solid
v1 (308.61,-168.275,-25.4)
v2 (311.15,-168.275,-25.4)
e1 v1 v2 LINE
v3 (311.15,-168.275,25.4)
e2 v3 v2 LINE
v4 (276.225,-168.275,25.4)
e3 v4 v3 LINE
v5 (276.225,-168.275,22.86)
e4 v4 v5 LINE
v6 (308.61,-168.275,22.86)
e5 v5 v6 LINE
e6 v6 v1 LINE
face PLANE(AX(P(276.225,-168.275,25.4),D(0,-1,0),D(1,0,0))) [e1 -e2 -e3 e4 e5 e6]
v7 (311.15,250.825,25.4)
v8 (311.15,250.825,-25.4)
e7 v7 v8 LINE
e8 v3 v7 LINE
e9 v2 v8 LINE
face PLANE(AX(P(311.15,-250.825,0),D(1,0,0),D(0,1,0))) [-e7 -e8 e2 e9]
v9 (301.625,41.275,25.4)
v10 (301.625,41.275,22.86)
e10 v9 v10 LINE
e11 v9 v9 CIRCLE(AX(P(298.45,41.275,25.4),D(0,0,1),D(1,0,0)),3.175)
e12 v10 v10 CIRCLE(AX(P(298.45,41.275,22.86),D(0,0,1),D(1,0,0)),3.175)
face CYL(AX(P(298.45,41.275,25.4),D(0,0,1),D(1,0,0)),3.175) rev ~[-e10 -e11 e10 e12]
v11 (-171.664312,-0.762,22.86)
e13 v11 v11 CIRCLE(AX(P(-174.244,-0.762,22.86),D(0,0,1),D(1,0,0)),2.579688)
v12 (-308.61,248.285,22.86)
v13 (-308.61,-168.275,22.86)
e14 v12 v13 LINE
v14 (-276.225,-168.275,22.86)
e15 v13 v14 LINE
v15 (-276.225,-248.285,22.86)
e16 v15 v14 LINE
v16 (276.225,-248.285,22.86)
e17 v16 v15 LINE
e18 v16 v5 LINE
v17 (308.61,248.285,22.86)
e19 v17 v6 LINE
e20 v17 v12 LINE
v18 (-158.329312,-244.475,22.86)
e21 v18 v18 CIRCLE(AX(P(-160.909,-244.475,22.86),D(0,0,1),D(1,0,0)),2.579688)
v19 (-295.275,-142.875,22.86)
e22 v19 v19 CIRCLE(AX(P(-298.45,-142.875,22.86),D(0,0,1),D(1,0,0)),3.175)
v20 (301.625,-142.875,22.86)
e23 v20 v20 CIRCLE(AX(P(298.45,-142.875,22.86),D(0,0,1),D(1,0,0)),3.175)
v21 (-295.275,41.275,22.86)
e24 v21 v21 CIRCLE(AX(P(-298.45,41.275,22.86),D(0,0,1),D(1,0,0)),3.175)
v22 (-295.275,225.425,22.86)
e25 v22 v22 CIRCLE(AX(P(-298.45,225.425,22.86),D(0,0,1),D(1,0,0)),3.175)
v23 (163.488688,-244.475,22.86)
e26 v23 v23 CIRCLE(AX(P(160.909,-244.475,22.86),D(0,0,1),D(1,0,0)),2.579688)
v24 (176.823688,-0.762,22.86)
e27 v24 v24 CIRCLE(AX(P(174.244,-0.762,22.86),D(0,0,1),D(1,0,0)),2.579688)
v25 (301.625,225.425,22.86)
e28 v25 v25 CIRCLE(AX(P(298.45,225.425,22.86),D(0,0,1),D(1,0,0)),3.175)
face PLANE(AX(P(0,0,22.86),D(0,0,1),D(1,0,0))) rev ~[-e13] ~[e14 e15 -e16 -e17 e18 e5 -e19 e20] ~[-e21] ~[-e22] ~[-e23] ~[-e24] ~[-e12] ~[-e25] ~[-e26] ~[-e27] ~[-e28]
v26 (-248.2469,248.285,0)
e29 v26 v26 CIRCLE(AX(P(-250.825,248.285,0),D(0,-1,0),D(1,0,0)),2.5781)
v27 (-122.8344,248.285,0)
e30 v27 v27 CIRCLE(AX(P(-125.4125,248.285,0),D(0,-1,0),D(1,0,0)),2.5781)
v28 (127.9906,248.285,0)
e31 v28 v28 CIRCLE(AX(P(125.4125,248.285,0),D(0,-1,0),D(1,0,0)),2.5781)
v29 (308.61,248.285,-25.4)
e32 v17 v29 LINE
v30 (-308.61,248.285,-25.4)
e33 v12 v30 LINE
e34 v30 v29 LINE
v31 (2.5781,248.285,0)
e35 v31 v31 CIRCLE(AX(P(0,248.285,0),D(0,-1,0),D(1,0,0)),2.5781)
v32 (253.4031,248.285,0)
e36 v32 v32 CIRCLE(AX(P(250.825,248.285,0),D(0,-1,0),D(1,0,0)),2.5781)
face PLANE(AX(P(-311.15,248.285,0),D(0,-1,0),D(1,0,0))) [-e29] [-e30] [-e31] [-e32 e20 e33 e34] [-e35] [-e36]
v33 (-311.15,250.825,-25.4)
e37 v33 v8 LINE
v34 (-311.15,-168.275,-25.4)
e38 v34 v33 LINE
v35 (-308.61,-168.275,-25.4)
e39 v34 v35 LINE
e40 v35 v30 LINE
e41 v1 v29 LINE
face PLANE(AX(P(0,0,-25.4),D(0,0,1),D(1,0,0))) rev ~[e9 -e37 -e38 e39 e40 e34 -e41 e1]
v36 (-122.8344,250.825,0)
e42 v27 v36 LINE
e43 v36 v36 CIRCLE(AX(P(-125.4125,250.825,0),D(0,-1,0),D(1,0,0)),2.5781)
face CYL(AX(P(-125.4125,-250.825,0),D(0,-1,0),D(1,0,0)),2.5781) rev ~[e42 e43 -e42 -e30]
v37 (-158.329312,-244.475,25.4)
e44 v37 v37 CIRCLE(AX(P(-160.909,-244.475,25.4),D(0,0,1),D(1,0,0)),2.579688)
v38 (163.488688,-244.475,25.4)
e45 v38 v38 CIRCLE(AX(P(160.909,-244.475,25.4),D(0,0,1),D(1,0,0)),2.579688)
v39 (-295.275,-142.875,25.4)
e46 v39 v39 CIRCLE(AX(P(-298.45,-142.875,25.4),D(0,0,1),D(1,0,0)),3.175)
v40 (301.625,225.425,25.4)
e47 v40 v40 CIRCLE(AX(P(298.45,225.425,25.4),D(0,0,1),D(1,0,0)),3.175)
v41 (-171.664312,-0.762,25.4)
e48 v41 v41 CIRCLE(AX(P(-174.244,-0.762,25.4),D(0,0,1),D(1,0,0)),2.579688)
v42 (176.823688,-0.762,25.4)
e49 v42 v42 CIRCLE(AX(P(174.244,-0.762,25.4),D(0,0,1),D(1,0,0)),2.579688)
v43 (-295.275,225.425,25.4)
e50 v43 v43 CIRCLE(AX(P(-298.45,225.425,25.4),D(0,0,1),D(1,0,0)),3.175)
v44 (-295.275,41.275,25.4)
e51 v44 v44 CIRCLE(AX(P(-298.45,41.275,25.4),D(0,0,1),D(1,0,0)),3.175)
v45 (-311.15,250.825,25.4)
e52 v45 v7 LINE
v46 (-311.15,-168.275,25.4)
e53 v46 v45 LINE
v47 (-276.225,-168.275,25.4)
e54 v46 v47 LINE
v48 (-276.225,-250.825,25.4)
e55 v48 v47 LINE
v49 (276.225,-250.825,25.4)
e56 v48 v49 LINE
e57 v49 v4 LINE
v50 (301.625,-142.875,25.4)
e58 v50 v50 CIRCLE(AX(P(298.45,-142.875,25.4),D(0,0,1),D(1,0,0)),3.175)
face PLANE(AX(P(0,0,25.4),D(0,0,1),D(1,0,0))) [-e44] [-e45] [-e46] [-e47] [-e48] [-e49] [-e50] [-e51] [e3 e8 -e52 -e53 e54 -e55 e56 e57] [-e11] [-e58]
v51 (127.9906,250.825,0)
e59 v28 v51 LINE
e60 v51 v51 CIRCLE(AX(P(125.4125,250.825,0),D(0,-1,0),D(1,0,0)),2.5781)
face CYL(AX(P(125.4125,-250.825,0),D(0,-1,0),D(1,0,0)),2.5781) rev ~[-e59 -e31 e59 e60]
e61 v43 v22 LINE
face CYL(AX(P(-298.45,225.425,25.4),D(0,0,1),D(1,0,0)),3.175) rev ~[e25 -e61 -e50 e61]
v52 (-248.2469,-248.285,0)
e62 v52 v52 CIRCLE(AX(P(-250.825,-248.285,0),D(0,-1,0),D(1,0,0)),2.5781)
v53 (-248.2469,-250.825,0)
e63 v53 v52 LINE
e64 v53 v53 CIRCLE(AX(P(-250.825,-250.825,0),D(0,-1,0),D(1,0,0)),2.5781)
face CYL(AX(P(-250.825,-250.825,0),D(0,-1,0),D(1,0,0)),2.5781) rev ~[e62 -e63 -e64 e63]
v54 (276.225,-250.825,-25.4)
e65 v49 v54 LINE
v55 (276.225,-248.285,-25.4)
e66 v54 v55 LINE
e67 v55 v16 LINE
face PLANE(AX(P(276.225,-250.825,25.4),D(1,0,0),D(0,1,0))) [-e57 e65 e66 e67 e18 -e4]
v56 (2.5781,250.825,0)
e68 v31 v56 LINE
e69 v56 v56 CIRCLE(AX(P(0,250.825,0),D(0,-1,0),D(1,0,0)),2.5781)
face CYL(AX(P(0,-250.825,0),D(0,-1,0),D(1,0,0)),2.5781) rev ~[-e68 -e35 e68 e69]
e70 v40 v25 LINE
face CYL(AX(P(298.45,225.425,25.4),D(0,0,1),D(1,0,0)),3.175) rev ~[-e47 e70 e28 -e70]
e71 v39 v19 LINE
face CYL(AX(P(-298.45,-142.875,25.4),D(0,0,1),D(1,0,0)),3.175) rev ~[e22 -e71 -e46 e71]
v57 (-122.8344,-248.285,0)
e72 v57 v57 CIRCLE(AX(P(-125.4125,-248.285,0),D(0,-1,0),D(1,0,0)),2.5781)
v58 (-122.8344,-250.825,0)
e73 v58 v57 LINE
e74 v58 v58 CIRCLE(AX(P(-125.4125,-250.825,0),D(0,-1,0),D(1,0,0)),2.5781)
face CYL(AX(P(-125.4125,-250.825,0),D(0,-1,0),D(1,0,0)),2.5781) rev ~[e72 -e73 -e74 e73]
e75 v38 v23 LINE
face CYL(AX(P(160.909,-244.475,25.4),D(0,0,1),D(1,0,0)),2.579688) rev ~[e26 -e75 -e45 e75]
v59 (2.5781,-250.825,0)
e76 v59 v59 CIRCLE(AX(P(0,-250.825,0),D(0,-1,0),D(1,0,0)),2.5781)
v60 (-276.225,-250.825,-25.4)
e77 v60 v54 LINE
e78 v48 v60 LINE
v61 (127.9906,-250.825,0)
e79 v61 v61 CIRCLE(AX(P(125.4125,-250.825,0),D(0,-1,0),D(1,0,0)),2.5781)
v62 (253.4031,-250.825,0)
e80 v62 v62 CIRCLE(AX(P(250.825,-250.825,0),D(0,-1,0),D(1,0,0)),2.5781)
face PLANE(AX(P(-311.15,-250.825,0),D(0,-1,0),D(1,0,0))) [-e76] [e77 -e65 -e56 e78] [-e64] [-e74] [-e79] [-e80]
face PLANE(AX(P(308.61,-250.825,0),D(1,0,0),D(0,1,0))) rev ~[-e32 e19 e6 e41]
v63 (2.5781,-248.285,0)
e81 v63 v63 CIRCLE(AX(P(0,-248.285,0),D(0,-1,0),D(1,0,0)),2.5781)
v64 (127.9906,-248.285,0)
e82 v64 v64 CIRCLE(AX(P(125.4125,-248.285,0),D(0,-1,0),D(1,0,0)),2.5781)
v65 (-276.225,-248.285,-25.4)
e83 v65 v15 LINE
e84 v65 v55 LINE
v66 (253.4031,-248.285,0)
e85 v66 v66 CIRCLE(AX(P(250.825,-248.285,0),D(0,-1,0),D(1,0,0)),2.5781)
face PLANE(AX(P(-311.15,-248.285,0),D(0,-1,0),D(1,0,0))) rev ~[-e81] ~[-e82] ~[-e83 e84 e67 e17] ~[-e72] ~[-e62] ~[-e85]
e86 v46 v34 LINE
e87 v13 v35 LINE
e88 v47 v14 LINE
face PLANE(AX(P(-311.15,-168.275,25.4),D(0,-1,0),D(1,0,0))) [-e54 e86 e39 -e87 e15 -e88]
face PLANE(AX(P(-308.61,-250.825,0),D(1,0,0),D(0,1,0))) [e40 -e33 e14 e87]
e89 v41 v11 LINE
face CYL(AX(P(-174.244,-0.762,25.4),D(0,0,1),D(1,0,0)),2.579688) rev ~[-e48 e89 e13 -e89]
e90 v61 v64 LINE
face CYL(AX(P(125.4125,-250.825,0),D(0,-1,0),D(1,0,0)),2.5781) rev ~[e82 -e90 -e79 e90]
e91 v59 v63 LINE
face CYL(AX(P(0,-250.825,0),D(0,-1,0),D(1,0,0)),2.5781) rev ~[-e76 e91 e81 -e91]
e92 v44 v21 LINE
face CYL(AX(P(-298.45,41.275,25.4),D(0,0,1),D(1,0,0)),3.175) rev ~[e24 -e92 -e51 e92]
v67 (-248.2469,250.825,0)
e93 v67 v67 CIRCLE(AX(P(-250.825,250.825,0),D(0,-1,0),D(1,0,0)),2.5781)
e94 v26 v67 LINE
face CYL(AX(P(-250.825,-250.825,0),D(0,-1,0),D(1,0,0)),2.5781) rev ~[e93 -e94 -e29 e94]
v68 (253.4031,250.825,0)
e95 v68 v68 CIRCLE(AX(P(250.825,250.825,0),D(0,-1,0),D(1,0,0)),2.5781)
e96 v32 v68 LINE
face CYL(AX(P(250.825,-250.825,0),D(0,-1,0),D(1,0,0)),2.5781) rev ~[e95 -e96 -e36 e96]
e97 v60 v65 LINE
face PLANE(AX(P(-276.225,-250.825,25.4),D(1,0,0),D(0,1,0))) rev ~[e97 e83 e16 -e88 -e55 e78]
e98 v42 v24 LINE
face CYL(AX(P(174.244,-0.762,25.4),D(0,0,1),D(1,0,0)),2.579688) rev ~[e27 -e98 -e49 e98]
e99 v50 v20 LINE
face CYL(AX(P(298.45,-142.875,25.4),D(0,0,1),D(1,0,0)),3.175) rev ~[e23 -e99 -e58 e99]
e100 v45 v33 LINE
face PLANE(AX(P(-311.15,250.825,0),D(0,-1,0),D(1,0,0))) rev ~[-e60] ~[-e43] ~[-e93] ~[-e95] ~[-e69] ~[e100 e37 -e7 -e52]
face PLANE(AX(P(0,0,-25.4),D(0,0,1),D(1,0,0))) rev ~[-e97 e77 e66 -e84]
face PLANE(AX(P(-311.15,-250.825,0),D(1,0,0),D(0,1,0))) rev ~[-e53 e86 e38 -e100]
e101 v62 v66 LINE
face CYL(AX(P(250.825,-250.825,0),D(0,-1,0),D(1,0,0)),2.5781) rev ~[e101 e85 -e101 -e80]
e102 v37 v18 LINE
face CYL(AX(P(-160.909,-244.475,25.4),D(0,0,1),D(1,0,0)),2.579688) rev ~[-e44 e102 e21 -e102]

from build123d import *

# Parameters (mm, degrees)
F0_W     = 622.3
F0_H     = 501.65
F1_DEPTH = 25.4
F2_T     = -2.54
F3_W     = 34.925
F3_H     = 82.55
F3_R     = 2.579688
F3_R_2   = 3.175
F4_DEPTH = 50.801
F5_R     = 2.5781
F6_DEPTH = 501.651


with BuildPart() as f1:
    # F0 (on Top) → F1 (new body, symmetric)
    with BuildSketch(Plane.XY):
        Rectangle(F0_W, F0_H)
    extrude(amount=F1_DEPTH, both=True)

    # F2
    f2_openings = [f1.faces().sort_by_distance(p)[0] for p in [
        (0, 0, -25.4),
    ]]
    offset(amount=F2_T, openings=f2_openings)

    # F3 (on face) → F4 (cut, through all)
    with BuildSketch(Plane.XY.offset(25.4)):
        with Locations((-293.6875, -209.55)):
            Rectangle(F3_W, F3_H)
        with Locations((293.6875, -209.55)):
            Rectangle(F3_W, F3_H)
        with Locations((174.244, -0.762)):
            Circle(F3_R)
        with Locations((-174.244, -0.762)):
            Circle(F3_R)
        with Locations((-160.909, -244.475)):
            Circle(F3_R)
        with Locations((160.909, -244.475)):
            Circle(F3_R)
        with Locations((-298.45, 225.425)):
            Circle(F3_R_2)
        with Locations((-298.45, 41.275)):
            Circle(F3_R_2)
        with Locations((-298.45, -142.875)):
            Circle(F3_R_2)
        with Locations((298.45, -142.875)):
            Circle(F3_R_2)
        with Locations((298.45, 41.275)):
            Circle(F3_R_2)
        with Locations((298.45, 225.425)):
            Circle(F3_R_2)
    extrude(amount=-F4_DEPTH, mode=Mode.SUBTRACT)

    # F5 (on face) → F6 (cut, through all)
    with BuildSketch(Plane.XZ.offset(250.825)):
        Circle(F5_R)
        with Locations((125.4125, 0)):
            Circle(F5_R)
        with Locations((250.825, 0)):
            Circle(F5_R)
        with Locations((-125.4125, 0)):
            Circle(F5_R)
        with Locations((-250.825, 0)):
            Circle(F5_R)
    extrude(amount=-F6_DEPTH, mode=Mode.SUBTRACT)


solid = f1.part
